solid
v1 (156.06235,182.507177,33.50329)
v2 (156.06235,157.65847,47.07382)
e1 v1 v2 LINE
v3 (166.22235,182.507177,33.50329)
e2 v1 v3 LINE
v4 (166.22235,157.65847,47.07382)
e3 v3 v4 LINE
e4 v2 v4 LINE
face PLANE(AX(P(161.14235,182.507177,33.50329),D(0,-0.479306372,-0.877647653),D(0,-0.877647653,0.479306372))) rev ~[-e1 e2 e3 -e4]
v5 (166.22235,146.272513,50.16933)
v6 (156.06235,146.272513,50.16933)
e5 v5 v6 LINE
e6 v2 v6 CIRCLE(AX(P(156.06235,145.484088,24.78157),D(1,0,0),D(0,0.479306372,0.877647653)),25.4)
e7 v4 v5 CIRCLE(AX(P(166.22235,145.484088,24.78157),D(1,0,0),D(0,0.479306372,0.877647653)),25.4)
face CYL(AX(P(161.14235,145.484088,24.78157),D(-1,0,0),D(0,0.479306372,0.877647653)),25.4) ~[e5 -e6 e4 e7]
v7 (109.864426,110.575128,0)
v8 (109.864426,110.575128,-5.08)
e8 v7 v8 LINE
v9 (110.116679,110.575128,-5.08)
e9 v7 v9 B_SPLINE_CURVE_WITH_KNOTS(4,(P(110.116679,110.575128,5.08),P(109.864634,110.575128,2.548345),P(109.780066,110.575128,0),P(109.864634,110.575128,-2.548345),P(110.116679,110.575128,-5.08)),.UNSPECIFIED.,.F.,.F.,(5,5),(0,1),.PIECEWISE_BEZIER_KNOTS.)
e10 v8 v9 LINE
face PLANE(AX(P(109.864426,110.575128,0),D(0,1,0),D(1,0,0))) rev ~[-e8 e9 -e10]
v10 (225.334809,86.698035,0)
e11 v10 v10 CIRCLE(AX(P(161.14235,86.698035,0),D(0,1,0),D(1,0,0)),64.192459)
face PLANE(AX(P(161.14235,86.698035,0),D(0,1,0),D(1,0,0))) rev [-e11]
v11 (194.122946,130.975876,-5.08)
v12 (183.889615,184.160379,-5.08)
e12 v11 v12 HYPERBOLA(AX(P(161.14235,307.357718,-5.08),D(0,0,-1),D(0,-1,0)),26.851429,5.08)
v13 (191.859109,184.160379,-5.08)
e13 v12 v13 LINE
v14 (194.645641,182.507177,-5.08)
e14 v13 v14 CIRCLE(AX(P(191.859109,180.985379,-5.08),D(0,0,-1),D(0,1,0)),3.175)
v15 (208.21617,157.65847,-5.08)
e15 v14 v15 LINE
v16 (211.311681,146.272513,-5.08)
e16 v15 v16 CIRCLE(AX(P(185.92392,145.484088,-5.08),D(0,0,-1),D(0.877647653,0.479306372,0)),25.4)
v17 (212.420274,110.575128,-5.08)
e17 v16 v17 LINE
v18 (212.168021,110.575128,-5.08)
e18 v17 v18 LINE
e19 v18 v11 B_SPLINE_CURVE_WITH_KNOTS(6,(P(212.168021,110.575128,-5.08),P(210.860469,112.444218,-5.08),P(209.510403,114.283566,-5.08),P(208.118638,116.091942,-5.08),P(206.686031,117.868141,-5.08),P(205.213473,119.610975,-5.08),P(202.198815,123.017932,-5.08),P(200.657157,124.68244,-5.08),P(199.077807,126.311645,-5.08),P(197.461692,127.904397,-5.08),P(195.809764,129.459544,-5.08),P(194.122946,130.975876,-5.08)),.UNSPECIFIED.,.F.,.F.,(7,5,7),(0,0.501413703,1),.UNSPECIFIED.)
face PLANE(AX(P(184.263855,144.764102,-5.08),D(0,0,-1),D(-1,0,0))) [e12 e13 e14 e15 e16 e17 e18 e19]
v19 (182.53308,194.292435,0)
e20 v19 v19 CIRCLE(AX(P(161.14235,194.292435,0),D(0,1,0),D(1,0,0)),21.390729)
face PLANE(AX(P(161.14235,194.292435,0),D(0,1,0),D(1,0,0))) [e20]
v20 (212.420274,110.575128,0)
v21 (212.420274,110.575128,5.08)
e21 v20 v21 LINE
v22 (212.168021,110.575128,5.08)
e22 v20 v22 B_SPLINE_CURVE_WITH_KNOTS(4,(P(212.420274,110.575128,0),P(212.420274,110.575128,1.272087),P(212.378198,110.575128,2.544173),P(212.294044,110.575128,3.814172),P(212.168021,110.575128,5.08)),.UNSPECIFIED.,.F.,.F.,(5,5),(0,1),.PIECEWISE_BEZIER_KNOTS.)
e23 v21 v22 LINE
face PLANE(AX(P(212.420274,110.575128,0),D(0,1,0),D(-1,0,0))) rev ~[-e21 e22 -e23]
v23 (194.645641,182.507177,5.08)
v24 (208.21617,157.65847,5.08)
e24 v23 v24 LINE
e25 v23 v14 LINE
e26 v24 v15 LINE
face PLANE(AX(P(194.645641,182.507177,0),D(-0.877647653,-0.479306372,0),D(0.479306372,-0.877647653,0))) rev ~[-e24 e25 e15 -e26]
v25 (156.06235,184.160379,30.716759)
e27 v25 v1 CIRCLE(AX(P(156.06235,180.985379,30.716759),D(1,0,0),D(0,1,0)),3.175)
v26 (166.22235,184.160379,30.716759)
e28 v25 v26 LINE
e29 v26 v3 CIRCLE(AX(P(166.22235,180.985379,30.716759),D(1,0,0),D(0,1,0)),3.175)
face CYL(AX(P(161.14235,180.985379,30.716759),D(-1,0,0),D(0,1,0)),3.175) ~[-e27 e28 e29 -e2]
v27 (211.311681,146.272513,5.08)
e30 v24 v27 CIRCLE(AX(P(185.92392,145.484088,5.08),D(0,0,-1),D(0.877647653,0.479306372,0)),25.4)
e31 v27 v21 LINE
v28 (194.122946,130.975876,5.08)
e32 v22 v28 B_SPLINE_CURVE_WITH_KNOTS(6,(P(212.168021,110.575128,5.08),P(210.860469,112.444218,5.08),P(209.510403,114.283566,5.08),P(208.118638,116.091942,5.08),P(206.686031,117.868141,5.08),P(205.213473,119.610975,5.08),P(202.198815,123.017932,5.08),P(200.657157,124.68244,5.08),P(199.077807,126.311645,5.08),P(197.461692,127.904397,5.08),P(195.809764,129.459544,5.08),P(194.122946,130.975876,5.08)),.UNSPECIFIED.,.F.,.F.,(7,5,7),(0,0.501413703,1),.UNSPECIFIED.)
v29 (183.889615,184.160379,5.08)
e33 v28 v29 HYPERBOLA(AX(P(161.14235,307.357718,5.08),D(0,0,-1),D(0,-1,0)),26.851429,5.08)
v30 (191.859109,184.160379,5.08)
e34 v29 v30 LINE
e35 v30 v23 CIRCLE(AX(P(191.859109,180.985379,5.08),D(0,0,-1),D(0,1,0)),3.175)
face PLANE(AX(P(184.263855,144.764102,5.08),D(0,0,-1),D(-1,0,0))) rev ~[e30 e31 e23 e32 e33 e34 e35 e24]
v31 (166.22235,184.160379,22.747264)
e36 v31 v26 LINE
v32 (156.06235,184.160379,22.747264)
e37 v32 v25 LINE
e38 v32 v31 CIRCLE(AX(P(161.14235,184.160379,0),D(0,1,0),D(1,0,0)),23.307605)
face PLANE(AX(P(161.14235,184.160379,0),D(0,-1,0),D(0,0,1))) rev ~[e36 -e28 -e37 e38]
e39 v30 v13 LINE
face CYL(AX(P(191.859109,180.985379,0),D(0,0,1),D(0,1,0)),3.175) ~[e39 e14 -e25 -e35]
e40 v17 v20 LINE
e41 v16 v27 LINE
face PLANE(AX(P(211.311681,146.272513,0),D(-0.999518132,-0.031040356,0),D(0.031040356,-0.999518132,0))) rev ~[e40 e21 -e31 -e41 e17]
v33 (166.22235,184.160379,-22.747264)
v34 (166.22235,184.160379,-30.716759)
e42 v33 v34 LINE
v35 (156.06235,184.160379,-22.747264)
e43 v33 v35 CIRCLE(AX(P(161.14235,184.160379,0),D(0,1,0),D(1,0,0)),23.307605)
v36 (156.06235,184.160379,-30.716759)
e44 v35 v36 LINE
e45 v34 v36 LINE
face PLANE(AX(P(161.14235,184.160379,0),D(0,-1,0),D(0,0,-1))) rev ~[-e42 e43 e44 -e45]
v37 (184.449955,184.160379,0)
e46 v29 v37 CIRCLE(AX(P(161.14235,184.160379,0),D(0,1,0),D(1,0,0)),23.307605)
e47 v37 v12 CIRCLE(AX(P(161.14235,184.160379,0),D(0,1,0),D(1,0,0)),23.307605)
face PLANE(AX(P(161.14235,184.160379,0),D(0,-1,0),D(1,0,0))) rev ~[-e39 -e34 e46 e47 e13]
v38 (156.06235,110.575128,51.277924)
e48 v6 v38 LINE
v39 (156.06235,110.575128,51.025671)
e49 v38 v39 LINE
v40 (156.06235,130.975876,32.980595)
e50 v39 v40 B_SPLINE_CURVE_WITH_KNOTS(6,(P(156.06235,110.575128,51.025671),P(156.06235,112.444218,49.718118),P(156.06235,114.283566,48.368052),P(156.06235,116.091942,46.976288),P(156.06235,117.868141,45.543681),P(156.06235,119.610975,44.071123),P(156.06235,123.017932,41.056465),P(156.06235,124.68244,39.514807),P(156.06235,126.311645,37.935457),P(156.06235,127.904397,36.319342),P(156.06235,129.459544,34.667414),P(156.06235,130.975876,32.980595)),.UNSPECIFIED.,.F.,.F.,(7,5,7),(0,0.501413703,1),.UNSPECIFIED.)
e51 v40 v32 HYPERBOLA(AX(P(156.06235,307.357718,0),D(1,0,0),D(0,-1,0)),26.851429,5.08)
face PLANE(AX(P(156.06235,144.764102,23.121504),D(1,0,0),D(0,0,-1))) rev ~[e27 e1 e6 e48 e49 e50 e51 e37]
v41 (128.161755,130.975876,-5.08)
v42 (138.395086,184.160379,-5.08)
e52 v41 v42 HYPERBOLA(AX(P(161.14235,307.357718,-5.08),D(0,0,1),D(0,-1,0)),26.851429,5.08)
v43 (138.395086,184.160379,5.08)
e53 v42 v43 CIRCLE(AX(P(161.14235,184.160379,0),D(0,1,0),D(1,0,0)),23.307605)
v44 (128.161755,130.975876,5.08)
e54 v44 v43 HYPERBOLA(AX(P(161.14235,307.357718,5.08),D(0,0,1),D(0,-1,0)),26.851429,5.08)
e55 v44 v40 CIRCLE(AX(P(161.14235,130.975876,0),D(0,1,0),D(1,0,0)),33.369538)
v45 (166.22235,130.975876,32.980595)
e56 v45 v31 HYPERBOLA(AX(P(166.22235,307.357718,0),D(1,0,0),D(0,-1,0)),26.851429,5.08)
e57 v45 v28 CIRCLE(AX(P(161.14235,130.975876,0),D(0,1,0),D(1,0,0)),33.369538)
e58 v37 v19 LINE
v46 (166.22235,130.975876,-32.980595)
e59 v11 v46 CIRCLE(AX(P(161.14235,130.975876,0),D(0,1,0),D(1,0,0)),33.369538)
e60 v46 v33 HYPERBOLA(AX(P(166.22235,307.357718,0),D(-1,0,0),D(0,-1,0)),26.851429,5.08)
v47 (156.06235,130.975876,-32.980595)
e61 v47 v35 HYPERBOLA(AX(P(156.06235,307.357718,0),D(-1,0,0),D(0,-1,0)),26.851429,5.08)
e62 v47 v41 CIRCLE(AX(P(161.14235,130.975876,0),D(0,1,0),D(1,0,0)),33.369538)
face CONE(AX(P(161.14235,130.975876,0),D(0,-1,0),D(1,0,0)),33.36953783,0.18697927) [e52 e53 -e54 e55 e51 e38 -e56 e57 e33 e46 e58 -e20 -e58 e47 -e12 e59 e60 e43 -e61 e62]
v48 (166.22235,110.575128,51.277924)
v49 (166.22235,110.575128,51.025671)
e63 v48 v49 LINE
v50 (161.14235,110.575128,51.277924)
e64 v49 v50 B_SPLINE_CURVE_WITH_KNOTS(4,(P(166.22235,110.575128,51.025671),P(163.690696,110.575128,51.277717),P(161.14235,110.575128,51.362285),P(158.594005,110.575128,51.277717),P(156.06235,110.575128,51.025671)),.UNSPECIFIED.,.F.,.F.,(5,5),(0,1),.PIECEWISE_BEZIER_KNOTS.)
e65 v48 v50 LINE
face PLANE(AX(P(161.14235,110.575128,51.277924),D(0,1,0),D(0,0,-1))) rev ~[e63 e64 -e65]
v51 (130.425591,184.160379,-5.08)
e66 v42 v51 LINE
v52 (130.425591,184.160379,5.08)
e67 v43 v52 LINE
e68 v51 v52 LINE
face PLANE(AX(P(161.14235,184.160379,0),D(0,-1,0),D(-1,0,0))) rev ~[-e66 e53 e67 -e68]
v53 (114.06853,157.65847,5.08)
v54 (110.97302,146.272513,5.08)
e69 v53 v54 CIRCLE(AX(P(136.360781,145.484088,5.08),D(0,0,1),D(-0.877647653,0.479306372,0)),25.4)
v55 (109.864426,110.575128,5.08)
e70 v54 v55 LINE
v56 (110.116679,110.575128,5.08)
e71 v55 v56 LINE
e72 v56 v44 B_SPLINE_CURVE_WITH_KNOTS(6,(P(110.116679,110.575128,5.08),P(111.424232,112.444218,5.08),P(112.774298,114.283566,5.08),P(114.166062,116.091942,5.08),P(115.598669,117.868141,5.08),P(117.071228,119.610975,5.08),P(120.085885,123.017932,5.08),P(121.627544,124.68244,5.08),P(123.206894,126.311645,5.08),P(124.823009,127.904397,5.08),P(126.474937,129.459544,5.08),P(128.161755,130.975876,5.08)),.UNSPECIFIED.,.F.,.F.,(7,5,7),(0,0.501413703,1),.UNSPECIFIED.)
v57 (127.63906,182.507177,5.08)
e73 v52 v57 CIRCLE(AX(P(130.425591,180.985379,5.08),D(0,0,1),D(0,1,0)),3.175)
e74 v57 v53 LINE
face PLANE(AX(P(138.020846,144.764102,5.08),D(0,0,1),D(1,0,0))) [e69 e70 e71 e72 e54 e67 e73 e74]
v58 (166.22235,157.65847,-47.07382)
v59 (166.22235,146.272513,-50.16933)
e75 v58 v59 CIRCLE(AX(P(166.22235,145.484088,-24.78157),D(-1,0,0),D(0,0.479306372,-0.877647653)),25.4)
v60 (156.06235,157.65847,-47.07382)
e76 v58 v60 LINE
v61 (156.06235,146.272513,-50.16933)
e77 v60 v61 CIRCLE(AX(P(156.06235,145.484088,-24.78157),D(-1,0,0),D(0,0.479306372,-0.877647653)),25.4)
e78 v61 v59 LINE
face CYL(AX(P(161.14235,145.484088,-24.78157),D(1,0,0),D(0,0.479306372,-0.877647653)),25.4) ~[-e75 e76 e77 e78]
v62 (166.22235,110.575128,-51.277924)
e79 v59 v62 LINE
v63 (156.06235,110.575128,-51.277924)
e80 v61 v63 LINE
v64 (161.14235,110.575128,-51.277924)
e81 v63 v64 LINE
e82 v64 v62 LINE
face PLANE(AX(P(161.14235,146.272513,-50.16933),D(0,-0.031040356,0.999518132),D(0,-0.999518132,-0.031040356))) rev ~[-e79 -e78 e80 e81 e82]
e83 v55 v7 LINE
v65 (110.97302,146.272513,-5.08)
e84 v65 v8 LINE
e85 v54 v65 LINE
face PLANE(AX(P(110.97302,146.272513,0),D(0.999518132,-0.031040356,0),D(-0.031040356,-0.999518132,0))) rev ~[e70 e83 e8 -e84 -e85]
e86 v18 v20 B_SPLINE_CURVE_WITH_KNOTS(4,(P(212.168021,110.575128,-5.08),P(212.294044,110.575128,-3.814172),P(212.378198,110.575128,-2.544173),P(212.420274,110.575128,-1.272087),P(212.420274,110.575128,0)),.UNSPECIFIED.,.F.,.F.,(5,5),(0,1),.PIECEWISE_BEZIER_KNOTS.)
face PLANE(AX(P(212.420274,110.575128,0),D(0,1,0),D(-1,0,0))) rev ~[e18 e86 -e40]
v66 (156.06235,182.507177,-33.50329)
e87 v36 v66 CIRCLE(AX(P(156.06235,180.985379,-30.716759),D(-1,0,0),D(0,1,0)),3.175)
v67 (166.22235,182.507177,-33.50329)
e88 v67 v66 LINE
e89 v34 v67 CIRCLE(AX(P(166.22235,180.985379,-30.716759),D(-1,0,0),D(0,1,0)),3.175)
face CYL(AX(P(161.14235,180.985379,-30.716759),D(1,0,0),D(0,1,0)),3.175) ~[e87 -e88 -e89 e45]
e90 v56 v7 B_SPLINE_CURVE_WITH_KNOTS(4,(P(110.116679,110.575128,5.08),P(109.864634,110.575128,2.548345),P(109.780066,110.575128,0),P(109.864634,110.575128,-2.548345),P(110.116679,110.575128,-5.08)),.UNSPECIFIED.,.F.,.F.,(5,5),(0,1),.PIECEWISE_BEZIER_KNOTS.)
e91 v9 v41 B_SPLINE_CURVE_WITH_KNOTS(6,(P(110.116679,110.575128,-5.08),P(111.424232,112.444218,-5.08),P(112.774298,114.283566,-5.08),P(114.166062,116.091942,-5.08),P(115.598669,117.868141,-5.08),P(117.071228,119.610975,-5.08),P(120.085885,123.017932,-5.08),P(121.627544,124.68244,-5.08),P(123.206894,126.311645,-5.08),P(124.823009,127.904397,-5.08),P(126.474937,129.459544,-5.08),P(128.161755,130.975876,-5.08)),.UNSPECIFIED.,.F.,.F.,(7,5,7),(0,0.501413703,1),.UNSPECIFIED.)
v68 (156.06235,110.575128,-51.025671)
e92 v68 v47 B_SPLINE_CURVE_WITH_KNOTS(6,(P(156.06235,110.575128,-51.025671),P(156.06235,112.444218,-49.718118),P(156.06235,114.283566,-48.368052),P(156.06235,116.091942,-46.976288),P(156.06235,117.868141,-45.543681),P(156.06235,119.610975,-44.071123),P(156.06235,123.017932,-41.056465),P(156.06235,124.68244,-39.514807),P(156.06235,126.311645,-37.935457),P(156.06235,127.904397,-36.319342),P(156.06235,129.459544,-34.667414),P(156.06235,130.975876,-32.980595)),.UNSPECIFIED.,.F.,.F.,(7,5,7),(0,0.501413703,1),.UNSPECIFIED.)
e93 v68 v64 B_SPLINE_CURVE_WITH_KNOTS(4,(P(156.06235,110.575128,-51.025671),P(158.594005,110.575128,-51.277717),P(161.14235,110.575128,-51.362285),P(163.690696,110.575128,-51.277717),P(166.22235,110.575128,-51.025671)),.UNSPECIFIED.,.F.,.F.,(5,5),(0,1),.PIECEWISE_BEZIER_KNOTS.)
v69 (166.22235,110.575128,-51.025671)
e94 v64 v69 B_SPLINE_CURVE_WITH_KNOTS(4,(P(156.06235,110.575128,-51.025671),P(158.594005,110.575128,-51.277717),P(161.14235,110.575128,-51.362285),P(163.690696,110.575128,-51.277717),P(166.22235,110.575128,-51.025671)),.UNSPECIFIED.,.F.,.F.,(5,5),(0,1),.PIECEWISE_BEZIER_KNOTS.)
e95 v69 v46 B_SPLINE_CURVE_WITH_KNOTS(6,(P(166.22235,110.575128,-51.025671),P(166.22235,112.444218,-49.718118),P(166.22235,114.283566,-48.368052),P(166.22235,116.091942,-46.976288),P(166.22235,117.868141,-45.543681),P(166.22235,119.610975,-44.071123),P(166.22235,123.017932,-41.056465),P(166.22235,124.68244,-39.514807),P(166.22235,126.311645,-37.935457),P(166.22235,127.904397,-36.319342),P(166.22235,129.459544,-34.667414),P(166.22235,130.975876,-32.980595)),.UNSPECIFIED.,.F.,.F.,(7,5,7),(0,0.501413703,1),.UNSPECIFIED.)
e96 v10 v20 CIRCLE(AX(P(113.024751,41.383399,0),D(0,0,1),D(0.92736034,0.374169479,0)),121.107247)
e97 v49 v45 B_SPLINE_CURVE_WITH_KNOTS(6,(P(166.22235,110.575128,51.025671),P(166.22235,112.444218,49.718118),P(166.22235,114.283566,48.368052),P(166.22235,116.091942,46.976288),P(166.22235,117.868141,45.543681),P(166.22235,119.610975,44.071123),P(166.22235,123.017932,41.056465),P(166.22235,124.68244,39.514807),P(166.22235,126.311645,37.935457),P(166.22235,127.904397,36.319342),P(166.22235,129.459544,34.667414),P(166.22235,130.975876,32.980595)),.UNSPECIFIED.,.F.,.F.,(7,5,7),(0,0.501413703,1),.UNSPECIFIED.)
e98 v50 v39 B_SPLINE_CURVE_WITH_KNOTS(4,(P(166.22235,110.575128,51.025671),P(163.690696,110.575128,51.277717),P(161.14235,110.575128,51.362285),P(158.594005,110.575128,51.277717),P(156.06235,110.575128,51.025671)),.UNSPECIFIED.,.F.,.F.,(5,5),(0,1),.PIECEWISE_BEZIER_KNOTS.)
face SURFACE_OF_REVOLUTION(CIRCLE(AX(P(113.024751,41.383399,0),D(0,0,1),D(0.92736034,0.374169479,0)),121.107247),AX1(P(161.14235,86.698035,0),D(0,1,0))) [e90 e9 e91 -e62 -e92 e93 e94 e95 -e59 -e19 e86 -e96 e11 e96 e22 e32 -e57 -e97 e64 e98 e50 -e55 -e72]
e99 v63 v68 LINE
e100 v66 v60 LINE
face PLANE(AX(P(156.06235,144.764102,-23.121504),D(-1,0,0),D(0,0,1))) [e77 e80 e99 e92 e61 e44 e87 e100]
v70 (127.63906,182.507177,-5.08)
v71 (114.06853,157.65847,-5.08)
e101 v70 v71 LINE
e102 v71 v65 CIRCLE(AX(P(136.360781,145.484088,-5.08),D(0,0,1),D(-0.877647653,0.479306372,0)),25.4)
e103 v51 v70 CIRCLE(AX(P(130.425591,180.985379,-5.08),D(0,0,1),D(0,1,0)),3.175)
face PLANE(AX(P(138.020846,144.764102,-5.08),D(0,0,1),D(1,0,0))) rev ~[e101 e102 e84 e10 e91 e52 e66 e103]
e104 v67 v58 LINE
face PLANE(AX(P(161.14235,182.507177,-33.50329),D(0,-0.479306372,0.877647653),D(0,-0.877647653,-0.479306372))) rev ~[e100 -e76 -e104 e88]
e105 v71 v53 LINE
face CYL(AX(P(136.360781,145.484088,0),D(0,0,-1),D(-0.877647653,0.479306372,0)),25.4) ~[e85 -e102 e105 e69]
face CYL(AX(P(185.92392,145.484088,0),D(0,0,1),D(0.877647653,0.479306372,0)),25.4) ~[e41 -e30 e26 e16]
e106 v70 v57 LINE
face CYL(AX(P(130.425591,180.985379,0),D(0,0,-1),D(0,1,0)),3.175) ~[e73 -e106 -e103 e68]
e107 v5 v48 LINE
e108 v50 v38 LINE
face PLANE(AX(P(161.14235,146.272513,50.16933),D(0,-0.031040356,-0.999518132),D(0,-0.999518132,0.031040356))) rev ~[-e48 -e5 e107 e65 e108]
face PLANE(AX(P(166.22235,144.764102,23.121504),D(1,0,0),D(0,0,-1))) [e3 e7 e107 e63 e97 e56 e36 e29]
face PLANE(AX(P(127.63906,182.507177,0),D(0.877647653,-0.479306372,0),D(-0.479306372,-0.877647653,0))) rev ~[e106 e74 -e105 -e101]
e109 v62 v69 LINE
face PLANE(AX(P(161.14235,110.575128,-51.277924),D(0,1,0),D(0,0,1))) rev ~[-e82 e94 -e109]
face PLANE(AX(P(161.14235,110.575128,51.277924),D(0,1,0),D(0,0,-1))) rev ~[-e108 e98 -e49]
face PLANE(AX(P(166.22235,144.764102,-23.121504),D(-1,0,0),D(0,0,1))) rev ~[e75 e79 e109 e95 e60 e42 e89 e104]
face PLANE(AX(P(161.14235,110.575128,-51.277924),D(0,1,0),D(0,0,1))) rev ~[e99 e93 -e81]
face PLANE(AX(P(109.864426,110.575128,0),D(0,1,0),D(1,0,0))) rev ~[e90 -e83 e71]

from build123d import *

# Parameters (mm, degrees)
EXTRUDE7_DEPTH    = 5.08
CIRPATTERN1_COUNT = 4


with BuildPart() as part:
    # Sketch9 → Revolve3 (revolve)
    with BuildSketch(Plane.XY):
        with BuildLine():
            Line((182.533079755, 194.292434626), (161.142350377, 194.292434626))
            Line((161.142350377, 194.292434626), (161.142350377, 86.698034626))
            Line((161.142350377, 86.698034626), (225.334809451, 86.698034626))
            ThreePointArc((225.334809451, 86.698034626), (212.420274366, 110.575127951), (194.511888207, 130.975875666))
            Line((194.511888207, 130.975875666), (182.533079755, 194.292434626))
        make_face()
    revolve(axis=Axis((161.142350377, 86.698034626, 0), (0, 1, 0)))

    # Sketch10 → Extrude7 (add, symmetric)
    with BuildSketch(Plane.XY):
        with BuildLine():
            Line((161.142350377, 110.575127951), (161.142350377, 184.160379168))
            Line((161.142350377, 184.160379168), (191.859109399, 184.160379168))
            ThreePointArc((191.859109399, 184.160379168), (193.479127486, 183.715977344), (194.645640696, 182.507176898))
            Line((194.645640696, 182.507176898), (208.216170429, 157.658469957))
            ThreePointArc((208.216170429, 157.658469957), (210.434241625, 152.147730999), (211.311680607, 146.272513171))
            Line((211.311680607, 146.272513171), (212.420274366, 110.575127951))
            Line((212.420274366, 110.575127951), (161.142350377, 110.575127951))
        make_face()
    extrude7 = extrude(amount=EXTRUDE7_DEPTH, both=True)

    # CirPattern1: Extrude7 ×4 about axis
    cirpattern1_axis = Axis((161.142350377, 130.975875666, 0), (0, 1, 0))
    for i in range(1, CIRPATTERN1_COUNT):
        add(extrude7.rotate(cirpattern1_axis, i * 360 / CIRPATTERN1_COUNT))


solid = part.part
